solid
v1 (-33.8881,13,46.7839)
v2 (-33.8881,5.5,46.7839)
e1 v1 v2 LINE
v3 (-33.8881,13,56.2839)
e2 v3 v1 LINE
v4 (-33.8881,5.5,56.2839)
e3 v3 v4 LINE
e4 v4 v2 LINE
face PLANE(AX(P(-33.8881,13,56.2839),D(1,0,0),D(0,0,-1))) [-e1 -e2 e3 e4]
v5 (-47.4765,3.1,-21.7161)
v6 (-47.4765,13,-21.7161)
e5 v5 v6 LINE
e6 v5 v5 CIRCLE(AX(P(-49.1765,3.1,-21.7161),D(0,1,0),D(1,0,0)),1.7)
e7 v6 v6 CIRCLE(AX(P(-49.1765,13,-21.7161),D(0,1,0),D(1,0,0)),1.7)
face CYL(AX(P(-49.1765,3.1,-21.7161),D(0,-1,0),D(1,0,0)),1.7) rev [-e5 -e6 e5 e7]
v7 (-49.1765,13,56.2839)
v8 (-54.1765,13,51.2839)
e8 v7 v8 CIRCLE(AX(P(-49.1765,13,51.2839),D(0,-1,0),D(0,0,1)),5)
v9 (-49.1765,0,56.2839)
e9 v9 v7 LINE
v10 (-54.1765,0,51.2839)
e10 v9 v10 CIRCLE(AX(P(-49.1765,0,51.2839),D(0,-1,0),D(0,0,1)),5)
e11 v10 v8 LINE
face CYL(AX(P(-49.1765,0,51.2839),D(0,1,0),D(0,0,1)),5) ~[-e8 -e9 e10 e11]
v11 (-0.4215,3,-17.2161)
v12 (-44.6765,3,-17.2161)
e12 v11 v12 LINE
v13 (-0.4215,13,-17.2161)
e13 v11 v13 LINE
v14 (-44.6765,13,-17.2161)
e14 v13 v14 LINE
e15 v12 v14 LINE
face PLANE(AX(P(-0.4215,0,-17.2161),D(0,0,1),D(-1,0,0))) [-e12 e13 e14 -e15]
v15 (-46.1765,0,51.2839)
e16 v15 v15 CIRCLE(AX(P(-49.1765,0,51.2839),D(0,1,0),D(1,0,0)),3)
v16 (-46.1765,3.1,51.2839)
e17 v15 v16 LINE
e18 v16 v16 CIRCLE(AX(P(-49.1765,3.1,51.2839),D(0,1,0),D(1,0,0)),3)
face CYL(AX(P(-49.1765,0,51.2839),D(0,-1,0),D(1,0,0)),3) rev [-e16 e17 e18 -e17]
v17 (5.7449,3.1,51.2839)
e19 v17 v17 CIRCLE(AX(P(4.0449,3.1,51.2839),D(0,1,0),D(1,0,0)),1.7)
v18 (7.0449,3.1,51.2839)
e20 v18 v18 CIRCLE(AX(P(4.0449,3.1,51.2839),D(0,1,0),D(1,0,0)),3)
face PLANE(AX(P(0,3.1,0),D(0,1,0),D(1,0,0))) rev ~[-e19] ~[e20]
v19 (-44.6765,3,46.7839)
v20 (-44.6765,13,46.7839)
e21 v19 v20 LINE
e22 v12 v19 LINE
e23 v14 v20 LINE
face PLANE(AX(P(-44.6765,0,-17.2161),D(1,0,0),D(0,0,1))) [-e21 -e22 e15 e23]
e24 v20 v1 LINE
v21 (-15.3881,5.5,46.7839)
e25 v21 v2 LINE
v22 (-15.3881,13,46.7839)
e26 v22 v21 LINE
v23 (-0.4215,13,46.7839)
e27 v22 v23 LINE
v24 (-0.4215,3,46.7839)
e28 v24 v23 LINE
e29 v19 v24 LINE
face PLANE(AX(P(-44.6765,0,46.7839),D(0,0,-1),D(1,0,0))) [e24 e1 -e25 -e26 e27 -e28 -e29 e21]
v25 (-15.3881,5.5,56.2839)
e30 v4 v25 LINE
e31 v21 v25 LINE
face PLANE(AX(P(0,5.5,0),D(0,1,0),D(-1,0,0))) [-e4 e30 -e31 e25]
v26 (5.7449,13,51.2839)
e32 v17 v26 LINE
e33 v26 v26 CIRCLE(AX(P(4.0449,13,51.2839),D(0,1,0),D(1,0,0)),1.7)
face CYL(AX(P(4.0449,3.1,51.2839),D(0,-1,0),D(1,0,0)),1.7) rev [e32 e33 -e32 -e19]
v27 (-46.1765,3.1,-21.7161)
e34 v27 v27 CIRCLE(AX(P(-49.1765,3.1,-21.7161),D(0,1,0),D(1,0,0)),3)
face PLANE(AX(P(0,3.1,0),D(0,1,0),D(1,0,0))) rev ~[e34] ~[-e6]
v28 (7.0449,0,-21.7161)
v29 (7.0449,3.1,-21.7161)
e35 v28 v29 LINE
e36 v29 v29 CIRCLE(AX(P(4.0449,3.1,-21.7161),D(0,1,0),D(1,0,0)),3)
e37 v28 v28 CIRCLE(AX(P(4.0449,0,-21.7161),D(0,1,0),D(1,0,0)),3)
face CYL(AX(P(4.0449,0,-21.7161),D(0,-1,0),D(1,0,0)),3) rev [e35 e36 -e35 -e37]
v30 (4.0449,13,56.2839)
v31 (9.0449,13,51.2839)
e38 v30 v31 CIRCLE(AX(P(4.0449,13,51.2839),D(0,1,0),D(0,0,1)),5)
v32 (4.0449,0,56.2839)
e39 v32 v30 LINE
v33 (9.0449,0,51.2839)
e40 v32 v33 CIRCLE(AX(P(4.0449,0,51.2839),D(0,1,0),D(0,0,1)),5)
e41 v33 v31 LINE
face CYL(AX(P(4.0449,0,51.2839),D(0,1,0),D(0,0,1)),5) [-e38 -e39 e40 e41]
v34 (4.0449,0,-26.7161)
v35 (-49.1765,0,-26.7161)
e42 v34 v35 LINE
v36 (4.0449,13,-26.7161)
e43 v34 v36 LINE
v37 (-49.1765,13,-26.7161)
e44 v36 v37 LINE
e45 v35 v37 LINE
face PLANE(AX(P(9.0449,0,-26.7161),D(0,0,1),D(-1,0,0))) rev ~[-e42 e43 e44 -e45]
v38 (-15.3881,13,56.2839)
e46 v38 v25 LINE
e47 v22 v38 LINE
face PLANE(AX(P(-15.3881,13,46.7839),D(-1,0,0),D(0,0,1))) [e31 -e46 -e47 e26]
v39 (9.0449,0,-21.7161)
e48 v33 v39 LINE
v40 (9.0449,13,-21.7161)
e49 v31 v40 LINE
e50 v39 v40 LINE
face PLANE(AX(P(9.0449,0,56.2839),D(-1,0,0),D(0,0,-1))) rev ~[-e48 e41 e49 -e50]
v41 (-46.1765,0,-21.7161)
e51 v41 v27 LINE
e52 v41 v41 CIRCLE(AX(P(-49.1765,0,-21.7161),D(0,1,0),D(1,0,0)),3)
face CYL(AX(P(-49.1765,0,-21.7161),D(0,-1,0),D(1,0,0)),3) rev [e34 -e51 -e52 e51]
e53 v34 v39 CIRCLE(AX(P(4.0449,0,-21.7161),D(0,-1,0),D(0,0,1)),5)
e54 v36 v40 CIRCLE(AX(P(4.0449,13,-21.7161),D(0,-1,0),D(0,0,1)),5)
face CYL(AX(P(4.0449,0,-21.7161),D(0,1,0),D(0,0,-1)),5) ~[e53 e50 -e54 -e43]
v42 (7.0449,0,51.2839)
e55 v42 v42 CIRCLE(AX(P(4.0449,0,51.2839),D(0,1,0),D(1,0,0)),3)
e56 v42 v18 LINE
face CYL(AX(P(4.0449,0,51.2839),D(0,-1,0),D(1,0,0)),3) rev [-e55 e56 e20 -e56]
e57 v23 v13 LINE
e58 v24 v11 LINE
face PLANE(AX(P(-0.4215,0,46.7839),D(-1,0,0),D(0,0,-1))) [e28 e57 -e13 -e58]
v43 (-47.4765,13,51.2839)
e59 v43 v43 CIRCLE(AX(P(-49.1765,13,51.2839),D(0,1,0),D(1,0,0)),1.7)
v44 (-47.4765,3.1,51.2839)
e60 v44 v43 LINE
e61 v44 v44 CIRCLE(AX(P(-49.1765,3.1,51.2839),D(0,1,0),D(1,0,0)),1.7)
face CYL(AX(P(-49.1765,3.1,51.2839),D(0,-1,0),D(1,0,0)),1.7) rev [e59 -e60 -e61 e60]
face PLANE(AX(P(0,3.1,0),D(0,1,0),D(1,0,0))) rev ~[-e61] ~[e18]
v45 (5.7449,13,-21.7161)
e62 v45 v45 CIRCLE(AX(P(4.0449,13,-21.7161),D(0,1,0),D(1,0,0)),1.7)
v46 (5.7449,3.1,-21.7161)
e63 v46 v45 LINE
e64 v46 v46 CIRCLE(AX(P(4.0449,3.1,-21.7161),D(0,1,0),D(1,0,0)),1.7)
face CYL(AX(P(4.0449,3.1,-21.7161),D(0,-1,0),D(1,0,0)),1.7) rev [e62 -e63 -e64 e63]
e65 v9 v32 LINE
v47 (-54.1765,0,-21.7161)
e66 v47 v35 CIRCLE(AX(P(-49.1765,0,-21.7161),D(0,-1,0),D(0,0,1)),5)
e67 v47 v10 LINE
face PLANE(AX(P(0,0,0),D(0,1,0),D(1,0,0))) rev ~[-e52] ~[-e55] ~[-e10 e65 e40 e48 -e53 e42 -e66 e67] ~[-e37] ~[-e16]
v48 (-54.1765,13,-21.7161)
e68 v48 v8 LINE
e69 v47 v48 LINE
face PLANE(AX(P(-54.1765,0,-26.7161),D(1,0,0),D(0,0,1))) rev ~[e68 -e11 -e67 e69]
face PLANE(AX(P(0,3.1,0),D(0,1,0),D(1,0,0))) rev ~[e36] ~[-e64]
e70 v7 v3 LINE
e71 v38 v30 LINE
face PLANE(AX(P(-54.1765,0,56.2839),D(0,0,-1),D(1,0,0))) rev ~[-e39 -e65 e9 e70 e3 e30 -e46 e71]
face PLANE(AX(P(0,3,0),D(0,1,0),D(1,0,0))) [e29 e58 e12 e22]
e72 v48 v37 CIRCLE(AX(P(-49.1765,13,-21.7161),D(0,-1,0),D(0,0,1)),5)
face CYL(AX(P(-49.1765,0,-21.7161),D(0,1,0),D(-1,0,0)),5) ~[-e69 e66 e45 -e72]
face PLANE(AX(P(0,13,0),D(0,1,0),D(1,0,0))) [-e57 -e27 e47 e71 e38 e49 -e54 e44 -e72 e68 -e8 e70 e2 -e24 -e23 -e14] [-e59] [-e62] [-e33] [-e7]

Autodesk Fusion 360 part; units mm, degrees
sketch "Sketch1" plane through (0, 0, 0) normal (0, 1, 0) x (1, 0, 0)
  line L0 (-44.6765, -46.7839) -> (-0.4215, -46.7839)
  line L1 (-0.4215, -46.7839) -> (-0.4215, 17.2161)
  line L2 (-0.4215, 17.2161) -> (-44.6765, 17.2161)
  line L3 (-44.6765, 17.2161) -> (-44.6765, -46.7839)
  line L4 (-54.1765, -56.2839) -> (9.0449, -56.2839)
  line L5 (9.0449, -56.2839) -> (9.0449, 26.7161)
  line L6 (9.0449, 26.7161) -> (-54.1765, 26.7161)
  line L7 (-54.1765, 26.7161) -> (-54.1765, -56.2839)
  circle A0 centre (-49.1765, -51.2839) radius 1.7
  circle A1 centre (-49.1765, 21.7161) radius 1.7
  circle A2 centre (4.0449, 21.7161) radius 1.7
  circle A3 centre (4.0449, -51.2839) radius 1.7
  circle A4 centre (-49.1765, -51.2839) radius 3
  circle A5 centre (4.0449, -51.2839) radius 3
  circle A6 centre (4.0449, 21.7161) radius 3
  circle A7 centre (-49.1765, 21.7161) radius 3
  dimension "d1" = 64
  dimension "d2" = 83
  dimension "d3" = 9.5
  dimension "d4" = 9.5
  dimension "d5" = 3.4
  dimension "d6" = 5
  dimension "d7" = 5
  dimension "d8" = 3.4
  dimension "d9" = 63.2214
  dimension "d10" = 5
  dimension "d11" = 5
  dimension "d12" = 3.4
  dimension "d13" = 5
  dimension "d14" = 5
  dimension "d15" = 3.4
  dimension "d16" = 5
  dimension "d17" = 5
  dimension "d18" = 6
  dimension "d19" = 6
  dimension "d20" = 6
  dimension "d21" = 6
extrude "Extrude1" add sketch "Sketch1" along normal blind 9.9 from surface at 3.1 contours A4 | A5 | A6 | A7 makes body 1 at (-51.5679, 9.7, 49.4724) makes body 2 at (7.0412, 9.7, -21.5666) makes body 3 at (7.0412, 9.7, 51.4334) makes body 4 at (-46.1802, 9.7, -21.5666)
extrude "Extrude2" add sketch "Sketch1" along normal blind 13 contours L4 L5 L6 L7 bodies 1 2 3 4
extrude "Extrude3" add sketch "Sketch1" along normal blind 3 contours L0 L1 L2 L3 bodies 1
sketch "Sketch2" plane through (0, 13, 0) normal (0, 1, 0) x (-1, 0, 0)
  circle A0 centre (49.1765, 51.2839) radius 1.7
  circle A1 centre (49.1765, -21.7161) radius 1.7
  line L0 (44.6765, 46.7839) -> (44.6765, -17.2161)
  line L1 (44.6765, -17.2161) -> (0.4215, -17.2161)
  line L2 (0.4215, -17.2161) -> (0.4215, 46.7839)
  line L3 (0.4215, 46.7839) -> (44.6765, 46.7839)
  line L4 (54.1765, -26.7161) -> (54.1765, 56.2839)
  line L5 (54.1765, 56.2839) -> (-9.0449, 56.2839)
  line L6 (-9.0449, 56.2839) -> (-9.0449, -26.7161)
  line L7 (-9.0449, -26.7161) -> (54.1765, -26.7161)
  circle A2 centre (-4.0449, -21.7161) radius 1.7
  circle A3 centre (-4.0449, 51.2839) radius 1.7
  line L8 (15.3881, 56.2839) -> (33.8881, 56.2839)
  line L9 (33.8881, 56.2839) -> (33.8881, 46.7839)
  line L10 (33.8881, 46.7839) -> (15.3881, 46.7839)
  line L11 (15.3881, 46.7839) -> (15.3881, 56.2839)
  line L12 (-9.0449, 56.2839) -> (-9.0449, -26.7161)
  dimension "d29" = 18.5
  dimension "d30" = 24.433
extrude "Extrude4" cut sketch "Sketch2" against normal blind 7.5 contours L3 L5 L8 L9 L10 L11 bodies 1
fillet "Fillet1" radius 5 1 edges at (9.0449, 6.5, 56.2839) on bodies 1
fillet "Fillet2" radius 5 1 edges at (-54.1765, 6.5, 56.2839) on bodies 1
fillet "Fillet3" radius 5 1 edges at (-54.1765, 6.5, -26.7161) on bodies 1
fillet "Fillet4" radius 5 1 edges at (9.0449, 6.5, -26.7161) on bodies 1
